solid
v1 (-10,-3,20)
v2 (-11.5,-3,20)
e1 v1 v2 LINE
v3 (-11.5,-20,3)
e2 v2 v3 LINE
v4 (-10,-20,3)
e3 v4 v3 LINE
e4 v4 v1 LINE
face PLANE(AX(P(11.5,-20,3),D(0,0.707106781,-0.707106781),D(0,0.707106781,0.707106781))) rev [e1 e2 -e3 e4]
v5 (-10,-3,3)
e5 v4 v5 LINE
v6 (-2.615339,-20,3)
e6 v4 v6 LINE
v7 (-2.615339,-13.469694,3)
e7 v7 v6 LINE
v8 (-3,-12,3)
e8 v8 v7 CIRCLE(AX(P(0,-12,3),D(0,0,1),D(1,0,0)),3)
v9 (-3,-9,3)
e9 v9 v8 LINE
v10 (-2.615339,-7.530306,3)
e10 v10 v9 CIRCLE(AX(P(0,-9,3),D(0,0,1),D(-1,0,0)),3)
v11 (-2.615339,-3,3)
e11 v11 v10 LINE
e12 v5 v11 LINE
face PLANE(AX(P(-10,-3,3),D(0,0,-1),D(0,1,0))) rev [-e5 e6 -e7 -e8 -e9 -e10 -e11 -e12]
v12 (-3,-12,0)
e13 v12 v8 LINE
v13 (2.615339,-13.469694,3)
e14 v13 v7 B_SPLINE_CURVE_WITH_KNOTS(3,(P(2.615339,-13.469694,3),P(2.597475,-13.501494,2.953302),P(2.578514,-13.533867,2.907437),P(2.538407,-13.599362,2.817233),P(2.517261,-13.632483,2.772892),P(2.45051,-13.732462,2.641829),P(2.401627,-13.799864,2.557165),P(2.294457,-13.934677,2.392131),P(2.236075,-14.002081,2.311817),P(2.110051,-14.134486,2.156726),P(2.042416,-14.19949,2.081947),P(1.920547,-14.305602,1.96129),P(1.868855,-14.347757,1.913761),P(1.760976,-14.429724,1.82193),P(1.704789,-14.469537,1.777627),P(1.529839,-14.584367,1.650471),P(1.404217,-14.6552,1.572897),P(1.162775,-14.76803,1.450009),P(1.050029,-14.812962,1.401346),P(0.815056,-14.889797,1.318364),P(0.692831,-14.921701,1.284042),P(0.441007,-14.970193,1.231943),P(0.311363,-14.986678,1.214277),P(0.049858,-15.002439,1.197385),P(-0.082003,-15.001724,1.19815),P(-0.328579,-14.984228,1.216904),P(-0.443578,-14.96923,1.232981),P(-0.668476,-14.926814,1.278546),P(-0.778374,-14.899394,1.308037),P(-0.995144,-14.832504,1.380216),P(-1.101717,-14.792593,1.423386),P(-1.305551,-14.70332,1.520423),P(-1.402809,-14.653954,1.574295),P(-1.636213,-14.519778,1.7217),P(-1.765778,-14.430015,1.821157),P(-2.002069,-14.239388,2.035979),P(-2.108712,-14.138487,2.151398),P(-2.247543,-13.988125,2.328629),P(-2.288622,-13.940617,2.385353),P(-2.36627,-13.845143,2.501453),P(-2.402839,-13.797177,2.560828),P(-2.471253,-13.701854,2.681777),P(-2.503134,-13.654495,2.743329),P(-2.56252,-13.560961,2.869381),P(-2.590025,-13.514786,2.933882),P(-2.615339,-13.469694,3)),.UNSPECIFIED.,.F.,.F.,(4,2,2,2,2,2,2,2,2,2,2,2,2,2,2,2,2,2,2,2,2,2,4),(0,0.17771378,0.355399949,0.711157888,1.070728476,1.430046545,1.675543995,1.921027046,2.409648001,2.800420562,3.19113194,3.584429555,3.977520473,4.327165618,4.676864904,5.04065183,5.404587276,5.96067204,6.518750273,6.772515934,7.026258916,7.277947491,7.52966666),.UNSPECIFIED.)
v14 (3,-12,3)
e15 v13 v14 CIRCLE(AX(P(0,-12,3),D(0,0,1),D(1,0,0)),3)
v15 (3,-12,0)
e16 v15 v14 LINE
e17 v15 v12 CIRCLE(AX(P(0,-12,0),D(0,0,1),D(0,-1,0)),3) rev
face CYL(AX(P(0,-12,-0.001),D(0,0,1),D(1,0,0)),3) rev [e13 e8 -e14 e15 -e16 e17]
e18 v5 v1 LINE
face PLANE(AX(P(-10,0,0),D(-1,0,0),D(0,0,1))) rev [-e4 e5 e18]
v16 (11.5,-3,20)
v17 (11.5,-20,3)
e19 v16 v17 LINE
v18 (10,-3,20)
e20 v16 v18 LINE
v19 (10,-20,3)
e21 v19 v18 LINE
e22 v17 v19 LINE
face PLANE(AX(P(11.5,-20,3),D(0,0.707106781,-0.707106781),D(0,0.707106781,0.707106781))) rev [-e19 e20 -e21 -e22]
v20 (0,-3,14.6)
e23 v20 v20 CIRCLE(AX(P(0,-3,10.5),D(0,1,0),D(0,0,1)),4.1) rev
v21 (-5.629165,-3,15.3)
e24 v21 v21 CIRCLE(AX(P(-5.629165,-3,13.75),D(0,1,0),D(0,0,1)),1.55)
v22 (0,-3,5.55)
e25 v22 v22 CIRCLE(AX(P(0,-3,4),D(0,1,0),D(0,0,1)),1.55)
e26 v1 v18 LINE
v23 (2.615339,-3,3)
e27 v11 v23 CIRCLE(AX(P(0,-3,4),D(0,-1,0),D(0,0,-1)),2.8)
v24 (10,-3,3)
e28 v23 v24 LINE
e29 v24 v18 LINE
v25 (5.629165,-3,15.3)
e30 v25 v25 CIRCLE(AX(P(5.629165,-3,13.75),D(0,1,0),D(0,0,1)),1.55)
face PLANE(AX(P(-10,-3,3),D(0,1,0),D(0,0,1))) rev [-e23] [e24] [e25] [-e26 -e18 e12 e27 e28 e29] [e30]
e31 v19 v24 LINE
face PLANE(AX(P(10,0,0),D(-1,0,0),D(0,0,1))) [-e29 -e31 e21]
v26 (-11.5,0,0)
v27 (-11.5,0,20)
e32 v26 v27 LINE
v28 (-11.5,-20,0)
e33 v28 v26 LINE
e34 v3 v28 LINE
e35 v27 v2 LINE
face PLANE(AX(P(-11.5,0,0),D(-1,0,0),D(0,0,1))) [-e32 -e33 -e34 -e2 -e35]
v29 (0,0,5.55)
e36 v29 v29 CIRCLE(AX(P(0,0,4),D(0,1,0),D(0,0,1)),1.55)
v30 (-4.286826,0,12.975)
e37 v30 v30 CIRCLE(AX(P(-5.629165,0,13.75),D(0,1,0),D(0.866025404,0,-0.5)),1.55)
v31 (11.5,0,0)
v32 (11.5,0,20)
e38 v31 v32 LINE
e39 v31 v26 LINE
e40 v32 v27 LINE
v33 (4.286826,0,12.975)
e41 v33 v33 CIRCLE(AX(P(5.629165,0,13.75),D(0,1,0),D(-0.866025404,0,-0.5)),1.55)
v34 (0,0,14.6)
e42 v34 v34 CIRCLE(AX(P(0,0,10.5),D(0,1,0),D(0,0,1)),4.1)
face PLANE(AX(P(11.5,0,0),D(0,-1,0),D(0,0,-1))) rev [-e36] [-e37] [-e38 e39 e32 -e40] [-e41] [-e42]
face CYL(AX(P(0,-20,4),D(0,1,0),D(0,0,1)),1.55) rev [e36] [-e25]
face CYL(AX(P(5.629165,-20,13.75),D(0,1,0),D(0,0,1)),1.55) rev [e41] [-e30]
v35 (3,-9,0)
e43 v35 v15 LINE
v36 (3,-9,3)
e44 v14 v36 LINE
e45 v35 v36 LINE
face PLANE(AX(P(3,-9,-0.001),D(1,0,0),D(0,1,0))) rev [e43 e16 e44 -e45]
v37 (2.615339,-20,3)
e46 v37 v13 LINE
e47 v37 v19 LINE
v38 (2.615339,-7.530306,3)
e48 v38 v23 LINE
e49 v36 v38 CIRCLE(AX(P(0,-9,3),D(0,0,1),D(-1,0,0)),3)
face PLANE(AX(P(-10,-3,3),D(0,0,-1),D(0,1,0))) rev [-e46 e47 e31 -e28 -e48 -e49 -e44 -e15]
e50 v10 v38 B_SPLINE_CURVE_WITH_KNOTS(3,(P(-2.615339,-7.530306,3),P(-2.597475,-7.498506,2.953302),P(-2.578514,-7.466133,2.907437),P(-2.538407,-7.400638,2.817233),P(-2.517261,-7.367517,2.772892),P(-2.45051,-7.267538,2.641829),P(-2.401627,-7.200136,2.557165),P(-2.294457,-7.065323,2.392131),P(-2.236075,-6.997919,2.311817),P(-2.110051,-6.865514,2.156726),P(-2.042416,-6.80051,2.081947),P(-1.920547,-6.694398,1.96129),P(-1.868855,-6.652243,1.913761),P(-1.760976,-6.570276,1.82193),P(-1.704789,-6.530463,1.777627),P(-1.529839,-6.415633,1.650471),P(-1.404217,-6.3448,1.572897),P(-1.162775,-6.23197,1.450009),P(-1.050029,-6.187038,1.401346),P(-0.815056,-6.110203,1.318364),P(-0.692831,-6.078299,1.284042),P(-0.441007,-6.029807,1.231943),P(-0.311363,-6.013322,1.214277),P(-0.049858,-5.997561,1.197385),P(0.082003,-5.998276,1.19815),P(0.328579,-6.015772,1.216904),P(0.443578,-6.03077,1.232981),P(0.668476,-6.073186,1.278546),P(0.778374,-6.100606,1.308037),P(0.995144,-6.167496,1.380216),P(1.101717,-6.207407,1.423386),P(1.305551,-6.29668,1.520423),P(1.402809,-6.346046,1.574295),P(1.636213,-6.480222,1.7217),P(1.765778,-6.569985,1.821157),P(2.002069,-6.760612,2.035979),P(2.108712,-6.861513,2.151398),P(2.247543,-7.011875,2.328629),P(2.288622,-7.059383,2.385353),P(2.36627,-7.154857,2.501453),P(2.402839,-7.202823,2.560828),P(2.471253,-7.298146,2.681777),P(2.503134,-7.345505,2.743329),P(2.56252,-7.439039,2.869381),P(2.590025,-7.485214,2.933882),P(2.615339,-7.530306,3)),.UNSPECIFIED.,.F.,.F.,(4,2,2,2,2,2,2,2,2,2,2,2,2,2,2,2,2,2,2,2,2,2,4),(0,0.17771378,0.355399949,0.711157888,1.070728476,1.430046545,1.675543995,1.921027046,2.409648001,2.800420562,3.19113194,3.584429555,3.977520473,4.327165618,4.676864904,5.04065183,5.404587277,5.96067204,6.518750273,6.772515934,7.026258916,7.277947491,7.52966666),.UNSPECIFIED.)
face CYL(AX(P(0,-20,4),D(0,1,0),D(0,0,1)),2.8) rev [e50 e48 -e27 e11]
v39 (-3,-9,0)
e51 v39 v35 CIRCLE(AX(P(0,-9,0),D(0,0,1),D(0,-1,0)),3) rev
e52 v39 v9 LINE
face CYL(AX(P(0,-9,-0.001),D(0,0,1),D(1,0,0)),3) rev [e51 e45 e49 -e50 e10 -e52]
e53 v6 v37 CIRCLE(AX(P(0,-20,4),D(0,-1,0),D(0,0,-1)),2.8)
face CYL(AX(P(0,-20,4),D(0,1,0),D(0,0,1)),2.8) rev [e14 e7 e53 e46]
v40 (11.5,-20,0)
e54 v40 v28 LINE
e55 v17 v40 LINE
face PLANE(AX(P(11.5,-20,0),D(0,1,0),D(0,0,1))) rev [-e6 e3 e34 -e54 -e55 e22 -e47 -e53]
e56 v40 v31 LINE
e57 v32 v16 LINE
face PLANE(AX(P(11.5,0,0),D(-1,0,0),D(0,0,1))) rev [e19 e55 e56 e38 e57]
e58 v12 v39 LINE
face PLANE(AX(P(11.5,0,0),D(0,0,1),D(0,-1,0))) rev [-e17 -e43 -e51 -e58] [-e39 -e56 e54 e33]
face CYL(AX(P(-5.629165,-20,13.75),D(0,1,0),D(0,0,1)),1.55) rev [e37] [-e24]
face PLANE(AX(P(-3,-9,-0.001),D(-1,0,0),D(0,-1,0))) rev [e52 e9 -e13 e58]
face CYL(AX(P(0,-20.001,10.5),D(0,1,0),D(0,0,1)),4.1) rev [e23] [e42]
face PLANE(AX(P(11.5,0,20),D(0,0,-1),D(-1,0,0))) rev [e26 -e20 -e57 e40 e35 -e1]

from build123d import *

# Parameters (mm, degrees)
BOSS_EXTRUDE1_DEPTH   = 11.5
SKETCH2_W             = 17
SKETCH2_H             = 17
CUT_EXTRUDE1_DEPTH    = 10
CUT_EXTRUDE2_REACH    = 5
CORTE_EXTRUS_O1_REACH = 22
ESBO_O1_R             = 4.1
ESBO_O6_R             = 1.55
CORTE_EXTRUS_O5_DEPTH = 21
PADR_OCIRCULAR2_COUNT = 3
ESBO_O11_R            = 2.8
CORTE_EXTRUS_O8_DEPTH = 18.0000001


with BuildPart() as part:
    # Sketch1 → Boss-Extrude1 (new body, symmetric)
    with BuildSketch(Plane(origin=(0, 0, 0), x_dir=(0, 0, -1), z_dir=(1, 0, 0))):
        Polygon((0, 0), (-20, 0), (-20, -3), (-11.5, -11.5), (-3, -20), (0, -20), align=None)
    extrude(amount=BOSS_EXTRUDE1_DEPTH, both=True)

    # Sketch2 → Cut-Extrude1 (cut, symmetric)
    with BuildSketch(Plane(origin=(0, 0, 0), x_dir=(0, 0, -1), z_dir=(1, 0, 0))):
        with Locations((-11.5, -11.5)):
            Rectangle(SKETCH2_W, SKETCH2_H)
    extrude(amount=CUT_EXTRUDE1_DEPTH, both=True, mode=Mode.SUBTRACT)

    # Sketch3 → Cut-Extrude2 (cut, up to next)
    with BuildSketch(Plane.XY.offset(3), mode=Mode.PRIVATE) as cut_extrude2_sk1:
        with BuildLine():
            Line((-3, -9), (-3, -12))
            ThreePointArc((-3, -12), (0, -15), (3, -12))
            Line((3, -12), (3, -9))
            ThreePointArc((3, -9), (0, -6), (-3, -9))
        make_face()
    cut_extrude2_tool1 = extrude(cut_extrude2_sk1.sketch, amount=-CUT_EXTRUDE2_REACH, mode=Mode.PRIVATE) & part.part
    add(cut_extrude2_tool1.solids().sort_by_distance((0, -10.5, 3))[0], mode=Mode.SUBTRACT)

    # Esboço1 → Corte-extrusão1 (cut, up to next)
    with BuildSketch(Plane(origin=(0, 0, 0), x_dir=(1, 0, 0), z_dir=(0, 1, 0)), mode=Mode.PRIVATE) as corte_extrus_o1_sk1:
        with Locations((0, -10.5)):
            Circle(ESBO_O1_R)
    corte_extrus_o1_tool1 = extrude(corte_extrus_o1_sk1.sketch, amount=-CORTE_EXTRUS_O1_REACH, mode=Mode.PRIVATE) & part.part
    add(corte_extrus_o1_tool1.solids().sort_by_distance((0, 0, 10.5))[0], mode=Mode.SUBTRACT)

    # Esboço6 → Corte-extrusão5 (cut, through all)
    with BuildSketch(Plane(origin=(0, 0, 0), x_dir=(1, 0, 0), z_dir=(0, 1, 0))):
        with Locations((0, -4)):
            Circle(ESBO_O6_R)
    corte_extrus_o5 = extrude(amount=-CORTE_EXTRUS_O5_DEPTH, mode=Mode.SUBTRACT)

    # PadrãoCircular2: Corte-extrusão5 ×3 about axis
    padr_ocircular2_axis = Axis((0, 0, 10.5), (0, 1, 0))
    for i in range(1, PADR_OCIRCULAR2_COUNT):
        add(corte_extrus_o5.rotate(padr_ocircular2_axis, i * 360 / PADR_OCIRCULAR2_COUNT), mode=Mode.SUBTRACT)

    # Esboço11 → Corte-extrusão8 (cut, through all)
    with BuildSketch(Plane.XZ.offset(3)):
        with Locations((0, 4)):
            Circle(ESBO_O11_R)
    extrude(amount=CORTE_EXTRUS_O8_DEPTH, mode=Mode.SUBTRACT)


solid = part.part
